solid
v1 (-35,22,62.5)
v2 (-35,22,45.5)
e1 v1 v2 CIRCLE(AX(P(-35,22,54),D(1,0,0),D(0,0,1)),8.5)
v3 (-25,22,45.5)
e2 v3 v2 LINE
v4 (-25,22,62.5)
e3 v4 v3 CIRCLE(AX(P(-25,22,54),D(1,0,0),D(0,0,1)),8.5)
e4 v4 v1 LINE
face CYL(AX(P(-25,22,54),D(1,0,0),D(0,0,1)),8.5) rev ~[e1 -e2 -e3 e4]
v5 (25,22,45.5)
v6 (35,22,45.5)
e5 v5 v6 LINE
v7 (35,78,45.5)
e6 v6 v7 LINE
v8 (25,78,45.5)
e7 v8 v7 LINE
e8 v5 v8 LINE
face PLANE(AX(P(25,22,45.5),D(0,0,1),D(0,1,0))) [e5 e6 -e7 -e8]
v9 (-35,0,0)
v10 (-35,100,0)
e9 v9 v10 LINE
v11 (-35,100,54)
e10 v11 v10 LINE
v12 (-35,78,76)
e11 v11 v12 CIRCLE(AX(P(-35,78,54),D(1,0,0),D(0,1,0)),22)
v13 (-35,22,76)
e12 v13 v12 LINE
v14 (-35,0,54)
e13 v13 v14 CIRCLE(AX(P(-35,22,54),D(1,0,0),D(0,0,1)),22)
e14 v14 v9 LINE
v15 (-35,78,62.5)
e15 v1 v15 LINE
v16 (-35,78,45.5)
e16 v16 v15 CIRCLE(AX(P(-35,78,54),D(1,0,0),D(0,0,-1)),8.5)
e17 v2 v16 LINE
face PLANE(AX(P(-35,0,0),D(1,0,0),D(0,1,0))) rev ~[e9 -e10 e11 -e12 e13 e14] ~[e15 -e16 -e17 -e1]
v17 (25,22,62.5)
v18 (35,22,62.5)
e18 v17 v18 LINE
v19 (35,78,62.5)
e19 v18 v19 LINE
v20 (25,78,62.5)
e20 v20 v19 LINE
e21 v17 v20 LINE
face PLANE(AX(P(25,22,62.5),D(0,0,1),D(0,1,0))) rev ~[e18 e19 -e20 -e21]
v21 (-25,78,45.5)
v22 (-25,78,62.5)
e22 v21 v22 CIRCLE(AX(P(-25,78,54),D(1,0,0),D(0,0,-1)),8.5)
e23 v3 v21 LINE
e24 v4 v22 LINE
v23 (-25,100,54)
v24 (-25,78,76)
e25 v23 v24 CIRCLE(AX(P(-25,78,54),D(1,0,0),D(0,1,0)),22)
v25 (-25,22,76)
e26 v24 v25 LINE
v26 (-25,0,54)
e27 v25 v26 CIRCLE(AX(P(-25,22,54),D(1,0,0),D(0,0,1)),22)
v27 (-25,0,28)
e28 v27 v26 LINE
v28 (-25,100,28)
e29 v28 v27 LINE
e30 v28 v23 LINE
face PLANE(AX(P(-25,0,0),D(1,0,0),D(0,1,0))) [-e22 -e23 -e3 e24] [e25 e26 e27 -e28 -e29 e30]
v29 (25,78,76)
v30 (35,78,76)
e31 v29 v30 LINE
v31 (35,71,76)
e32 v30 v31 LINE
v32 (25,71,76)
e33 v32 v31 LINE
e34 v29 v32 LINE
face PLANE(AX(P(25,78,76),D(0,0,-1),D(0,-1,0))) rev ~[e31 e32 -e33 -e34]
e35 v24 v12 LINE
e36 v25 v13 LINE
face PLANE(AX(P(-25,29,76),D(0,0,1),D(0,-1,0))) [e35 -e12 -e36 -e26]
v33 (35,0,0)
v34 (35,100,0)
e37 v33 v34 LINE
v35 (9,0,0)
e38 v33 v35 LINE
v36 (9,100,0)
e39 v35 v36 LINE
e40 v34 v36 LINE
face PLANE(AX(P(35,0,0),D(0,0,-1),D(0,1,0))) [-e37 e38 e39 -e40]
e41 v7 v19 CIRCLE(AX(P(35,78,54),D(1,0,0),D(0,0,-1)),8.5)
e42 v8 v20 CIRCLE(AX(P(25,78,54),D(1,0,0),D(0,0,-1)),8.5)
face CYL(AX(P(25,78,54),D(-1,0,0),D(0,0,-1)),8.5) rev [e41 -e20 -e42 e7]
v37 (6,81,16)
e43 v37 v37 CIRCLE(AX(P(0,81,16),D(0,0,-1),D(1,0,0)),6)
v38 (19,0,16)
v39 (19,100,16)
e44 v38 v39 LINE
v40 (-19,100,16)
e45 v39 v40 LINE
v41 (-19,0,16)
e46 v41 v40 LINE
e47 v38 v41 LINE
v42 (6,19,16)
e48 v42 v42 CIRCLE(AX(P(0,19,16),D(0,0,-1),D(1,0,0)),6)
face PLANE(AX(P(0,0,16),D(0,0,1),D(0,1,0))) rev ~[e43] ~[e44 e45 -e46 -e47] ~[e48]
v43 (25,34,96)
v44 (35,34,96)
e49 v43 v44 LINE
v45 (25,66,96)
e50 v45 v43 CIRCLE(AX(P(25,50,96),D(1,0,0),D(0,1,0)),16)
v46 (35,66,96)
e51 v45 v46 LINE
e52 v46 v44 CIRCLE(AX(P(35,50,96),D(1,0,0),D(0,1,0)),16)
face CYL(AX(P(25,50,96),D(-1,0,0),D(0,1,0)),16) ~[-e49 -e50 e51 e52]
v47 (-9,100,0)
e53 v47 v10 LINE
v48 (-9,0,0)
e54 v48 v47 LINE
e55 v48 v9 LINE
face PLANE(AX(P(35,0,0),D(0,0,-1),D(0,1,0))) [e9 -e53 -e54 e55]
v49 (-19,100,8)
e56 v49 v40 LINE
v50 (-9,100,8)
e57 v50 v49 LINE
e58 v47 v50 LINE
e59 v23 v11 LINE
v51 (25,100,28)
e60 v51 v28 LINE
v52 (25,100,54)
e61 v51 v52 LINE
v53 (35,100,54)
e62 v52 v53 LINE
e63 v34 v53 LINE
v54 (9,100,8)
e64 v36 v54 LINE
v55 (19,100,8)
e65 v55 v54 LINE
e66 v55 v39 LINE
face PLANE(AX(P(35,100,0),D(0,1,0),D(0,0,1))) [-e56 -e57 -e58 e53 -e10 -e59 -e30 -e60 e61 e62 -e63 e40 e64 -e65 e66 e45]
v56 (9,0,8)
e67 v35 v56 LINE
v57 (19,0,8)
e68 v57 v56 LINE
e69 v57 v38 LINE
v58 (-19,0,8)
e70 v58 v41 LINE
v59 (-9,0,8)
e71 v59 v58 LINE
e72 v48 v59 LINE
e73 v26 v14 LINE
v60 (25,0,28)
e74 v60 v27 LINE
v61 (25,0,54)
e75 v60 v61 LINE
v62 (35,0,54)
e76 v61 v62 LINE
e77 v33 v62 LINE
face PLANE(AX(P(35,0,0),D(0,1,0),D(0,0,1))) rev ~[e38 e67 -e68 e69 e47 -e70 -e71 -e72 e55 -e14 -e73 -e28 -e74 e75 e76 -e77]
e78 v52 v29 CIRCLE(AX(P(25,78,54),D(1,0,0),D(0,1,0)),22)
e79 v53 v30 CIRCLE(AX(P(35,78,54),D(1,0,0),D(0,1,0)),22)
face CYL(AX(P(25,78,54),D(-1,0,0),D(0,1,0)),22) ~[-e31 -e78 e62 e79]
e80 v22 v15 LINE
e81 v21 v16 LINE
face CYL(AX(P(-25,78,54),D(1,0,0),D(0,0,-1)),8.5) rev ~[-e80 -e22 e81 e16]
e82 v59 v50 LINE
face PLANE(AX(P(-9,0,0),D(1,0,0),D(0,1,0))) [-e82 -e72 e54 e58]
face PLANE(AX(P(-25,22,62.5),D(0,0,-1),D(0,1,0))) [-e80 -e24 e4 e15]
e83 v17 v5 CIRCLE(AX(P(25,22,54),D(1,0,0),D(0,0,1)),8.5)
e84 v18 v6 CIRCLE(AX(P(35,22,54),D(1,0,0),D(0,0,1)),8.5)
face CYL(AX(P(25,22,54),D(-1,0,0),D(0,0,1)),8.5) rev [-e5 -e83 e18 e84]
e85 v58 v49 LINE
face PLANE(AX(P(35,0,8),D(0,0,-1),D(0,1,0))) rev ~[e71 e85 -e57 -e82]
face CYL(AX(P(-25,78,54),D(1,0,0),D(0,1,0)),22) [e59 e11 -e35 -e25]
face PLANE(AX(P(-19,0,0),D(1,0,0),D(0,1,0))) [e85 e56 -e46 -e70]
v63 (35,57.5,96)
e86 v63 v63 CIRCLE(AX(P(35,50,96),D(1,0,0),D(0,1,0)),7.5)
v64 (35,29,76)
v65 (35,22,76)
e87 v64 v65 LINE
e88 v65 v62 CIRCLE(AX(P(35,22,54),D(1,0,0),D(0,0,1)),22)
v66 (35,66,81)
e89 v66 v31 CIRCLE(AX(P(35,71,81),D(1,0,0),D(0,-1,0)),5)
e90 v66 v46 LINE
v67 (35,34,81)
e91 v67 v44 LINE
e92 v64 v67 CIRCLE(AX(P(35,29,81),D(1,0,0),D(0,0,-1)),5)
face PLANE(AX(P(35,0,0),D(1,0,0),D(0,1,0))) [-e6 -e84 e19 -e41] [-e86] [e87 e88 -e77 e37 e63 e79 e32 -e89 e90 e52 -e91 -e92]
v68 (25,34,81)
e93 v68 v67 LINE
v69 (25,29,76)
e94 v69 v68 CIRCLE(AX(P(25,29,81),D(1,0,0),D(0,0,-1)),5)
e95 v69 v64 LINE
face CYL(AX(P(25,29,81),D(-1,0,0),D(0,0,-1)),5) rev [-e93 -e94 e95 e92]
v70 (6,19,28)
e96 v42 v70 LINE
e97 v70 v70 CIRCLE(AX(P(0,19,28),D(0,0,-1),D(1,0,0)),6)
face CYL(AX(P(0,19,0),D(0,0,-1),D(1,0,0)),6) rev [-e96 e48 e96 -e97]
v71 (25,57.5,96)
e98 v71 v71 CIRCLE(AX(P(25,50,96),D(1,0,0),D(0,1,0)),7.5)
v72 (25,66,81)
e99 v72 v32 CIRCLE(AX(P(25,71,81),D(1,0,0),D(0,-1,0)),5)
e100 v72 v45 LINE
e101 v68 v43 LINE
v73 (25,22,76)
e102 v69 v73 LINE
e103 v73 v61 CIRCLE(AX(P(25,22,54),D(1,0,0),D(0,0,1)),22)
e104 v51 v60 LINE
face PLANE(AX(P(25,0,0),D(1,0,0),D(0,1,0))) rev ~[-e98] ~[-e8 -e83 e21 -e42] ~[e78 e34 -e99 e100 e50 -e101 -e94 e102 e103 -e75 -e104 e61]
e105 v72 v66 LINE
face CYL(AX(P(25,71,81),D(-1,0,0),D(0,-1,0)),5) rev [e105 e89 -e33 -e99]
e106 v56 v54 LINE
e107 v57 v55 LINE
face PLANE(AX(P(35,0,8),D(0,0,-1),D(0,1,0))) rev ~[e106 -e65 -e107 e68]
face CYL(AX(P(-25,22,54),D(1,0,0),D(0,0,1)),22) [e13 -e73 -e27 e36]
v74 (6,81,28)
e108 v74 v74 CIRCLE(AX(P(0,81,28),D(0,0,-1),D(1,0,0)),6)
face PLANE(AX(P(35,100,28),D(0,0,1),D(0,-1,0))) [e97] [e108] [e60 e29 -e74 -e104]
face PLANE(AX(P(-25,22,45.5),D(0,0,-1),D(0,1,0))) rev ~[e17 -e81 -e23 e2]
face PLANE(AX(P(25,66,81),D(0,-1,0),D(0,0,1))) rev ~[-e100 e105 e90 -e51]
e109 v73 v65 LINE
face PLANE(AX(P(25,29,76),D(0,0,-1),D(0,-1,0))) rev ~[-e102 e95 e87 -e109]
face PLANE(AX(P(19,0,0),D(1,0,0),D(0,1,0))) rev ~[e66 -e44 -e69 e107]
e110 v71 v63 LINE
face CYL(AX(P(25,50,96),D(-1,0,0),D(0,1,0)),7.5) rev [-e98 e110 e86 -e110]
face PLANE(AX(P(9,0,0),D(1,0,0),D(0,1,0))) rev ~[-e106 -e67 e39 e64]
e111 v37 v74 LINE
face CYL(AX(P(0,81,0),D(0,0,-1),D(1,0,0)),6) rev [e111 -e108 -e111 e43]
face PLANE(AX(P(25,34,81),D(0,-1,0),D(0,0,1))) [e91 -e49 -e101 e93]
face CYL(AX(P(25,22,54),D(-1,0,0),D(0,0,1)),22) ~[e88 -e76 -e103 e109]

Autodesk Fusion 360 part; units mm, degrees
sketch "Sketch1" plane through (0, 0, 0) normal (1, 0, 0) x (0, 1, 0)
  line L0 (0, 0) -> (100, 0)
  line L1 (100, 0) -> (100, 76) construction
  line L2 (0, 76) -> (0, 0) construction
  line L3 (0, 76) -> (100, 76) construction
  arc A0 (22, 76) -> (0, 54) centre (22, 54) ccw
  arc A1 (100, 54) -> (78, 76) centre (78, 54) ccw
  line L4 (22, 45.5) -> (78, 45.5)
  line L5 (22, 62.5) -> (78, 62.5)
  arc A2 (22, 62.5) -> (22, 45.5) centre (22, 54) ccw
  arc A3 (78, 45.5) -> (78, 62.5) centre (78, 54) ccw
  circle A4 centre (50, 96) radius 7.5
  line L6 (34, 81) -> (34, 96)
  line L7 (66, 81) -> (66, 96)
  arc A5 (29, 76) -> (34, 81) centre (29, 81) ccw
  arc A6 (66, 81) -> (71, 76) centre (71, 81) ccw
  line L8 (0, 0) -> (0, 54)
  line L9 (100, 0) -> (100, 54)
  line L10 (78, 76) -> (22, 76)
  arc A7 (66, 96) -> (34, 96) centre (50, 96) ccw
  line L11 (0, 8) -> (100, 8)
  line L12 (0, 16) -> (100, 16)
  line L13 (100, 28) -> (0, 28)
  dimension "d1" = 100
  dimension "d3" = 76
  dimension "d4" = 44
  dimension "d5" = 44
  dimension "d6" = 17
  dimension "d7" = 22
  dimension "d8" = 17
  dimension "d9" = 78
  dimension "d10" = 54
  dimension "d11" = 54
  dimension "d12" = 15
  dimension "d13" = 32
  dimension "d14" = 50
  dimension "d15" = 50
  dimension "d16" = 96
  dimension "d17" = 96
  dimension "d18" = 10
  dimension "d19" = 10
  dimension "d20" = 8
  dimension "d21" = 16
  dimension "d26" = 28
sketch "Sketch2" plane through (0, 0, 0) normal (0, 0, 1) x (1, 0, 0)
  line L0 (0, 0) -> (0, 81) construction
  circle A0 centre (0, 19) radius 6
  circle A1 centre (0, 81) radius 6
  dimension "d39" = 12
  dimension "d40" = 12
  dimension "d41" = 81
  dimension "d42" = 19
  dimension "d44" = 81
extrude "Extrude1" add sketch "Sketch1" along normal blind 10 from surface at 25 contours A0 A1 L8 L9 L10 L13 | L6 L7 A5 A6 L10 A7 makes body 1
extrude "Extrude2" add sketch "Sketch1" against normal blind 10 from surface at -25 separate body contours A0 A1 L8 L9 L10 L13 makes body 2
extrude "Extrude8" add sketch "Sketch1" along normal up to surface (-35 mm away) and the other way up to surface (-35 mm away) contours L8 L9 L12 L13 bodies 1 2
extrude "Extrude9" add sketch "Sketch1" along normal up to surface (35 mm away) and the other way up to surface (35 mm away) contours L8 L9 L11 L12 bodies 1
extrude "Extrude10" cut sketch "Sketch1" along normal blind 19 and the other way blind 19 contours L8 L9 L11 L12 bodies 1
extrude "Extrude11" add sketch "Sketch1" along normal up to surface (-35 mm away) and the other way up to surface (-35 mm away) contours L0 L8 L9 L11 bodies 1
extrude "Extrude12" cut sketch "Sketch1" along normal blind 9 and the other way blind 9 contours L0 L8 L9 L11 bodies 1
extrude "Extrude13" cut sketch "Sketch2" along normal through all bodies 1
equation "d3 = 54 mm + 22 mm"
equation "d6 = ( 8.5 * 2 ) * 1 mm"
equation "d7 = ( 100 mm / 2 mm ) * 1 mm - ( 56 / 2 ) * 1 mm"
equation "d9 = 100 mm - 22 mm"
equation "d11 = d10"
equation "d16 = d10 + 42 mm"
equation "d17 = d16"
equation "d41 = 100 mm - 19 mm"
equation "d44 = d41"
equation "d45 = 35 mm - 10 mm"
equation "d46 = -35 mm + 10 mm"
